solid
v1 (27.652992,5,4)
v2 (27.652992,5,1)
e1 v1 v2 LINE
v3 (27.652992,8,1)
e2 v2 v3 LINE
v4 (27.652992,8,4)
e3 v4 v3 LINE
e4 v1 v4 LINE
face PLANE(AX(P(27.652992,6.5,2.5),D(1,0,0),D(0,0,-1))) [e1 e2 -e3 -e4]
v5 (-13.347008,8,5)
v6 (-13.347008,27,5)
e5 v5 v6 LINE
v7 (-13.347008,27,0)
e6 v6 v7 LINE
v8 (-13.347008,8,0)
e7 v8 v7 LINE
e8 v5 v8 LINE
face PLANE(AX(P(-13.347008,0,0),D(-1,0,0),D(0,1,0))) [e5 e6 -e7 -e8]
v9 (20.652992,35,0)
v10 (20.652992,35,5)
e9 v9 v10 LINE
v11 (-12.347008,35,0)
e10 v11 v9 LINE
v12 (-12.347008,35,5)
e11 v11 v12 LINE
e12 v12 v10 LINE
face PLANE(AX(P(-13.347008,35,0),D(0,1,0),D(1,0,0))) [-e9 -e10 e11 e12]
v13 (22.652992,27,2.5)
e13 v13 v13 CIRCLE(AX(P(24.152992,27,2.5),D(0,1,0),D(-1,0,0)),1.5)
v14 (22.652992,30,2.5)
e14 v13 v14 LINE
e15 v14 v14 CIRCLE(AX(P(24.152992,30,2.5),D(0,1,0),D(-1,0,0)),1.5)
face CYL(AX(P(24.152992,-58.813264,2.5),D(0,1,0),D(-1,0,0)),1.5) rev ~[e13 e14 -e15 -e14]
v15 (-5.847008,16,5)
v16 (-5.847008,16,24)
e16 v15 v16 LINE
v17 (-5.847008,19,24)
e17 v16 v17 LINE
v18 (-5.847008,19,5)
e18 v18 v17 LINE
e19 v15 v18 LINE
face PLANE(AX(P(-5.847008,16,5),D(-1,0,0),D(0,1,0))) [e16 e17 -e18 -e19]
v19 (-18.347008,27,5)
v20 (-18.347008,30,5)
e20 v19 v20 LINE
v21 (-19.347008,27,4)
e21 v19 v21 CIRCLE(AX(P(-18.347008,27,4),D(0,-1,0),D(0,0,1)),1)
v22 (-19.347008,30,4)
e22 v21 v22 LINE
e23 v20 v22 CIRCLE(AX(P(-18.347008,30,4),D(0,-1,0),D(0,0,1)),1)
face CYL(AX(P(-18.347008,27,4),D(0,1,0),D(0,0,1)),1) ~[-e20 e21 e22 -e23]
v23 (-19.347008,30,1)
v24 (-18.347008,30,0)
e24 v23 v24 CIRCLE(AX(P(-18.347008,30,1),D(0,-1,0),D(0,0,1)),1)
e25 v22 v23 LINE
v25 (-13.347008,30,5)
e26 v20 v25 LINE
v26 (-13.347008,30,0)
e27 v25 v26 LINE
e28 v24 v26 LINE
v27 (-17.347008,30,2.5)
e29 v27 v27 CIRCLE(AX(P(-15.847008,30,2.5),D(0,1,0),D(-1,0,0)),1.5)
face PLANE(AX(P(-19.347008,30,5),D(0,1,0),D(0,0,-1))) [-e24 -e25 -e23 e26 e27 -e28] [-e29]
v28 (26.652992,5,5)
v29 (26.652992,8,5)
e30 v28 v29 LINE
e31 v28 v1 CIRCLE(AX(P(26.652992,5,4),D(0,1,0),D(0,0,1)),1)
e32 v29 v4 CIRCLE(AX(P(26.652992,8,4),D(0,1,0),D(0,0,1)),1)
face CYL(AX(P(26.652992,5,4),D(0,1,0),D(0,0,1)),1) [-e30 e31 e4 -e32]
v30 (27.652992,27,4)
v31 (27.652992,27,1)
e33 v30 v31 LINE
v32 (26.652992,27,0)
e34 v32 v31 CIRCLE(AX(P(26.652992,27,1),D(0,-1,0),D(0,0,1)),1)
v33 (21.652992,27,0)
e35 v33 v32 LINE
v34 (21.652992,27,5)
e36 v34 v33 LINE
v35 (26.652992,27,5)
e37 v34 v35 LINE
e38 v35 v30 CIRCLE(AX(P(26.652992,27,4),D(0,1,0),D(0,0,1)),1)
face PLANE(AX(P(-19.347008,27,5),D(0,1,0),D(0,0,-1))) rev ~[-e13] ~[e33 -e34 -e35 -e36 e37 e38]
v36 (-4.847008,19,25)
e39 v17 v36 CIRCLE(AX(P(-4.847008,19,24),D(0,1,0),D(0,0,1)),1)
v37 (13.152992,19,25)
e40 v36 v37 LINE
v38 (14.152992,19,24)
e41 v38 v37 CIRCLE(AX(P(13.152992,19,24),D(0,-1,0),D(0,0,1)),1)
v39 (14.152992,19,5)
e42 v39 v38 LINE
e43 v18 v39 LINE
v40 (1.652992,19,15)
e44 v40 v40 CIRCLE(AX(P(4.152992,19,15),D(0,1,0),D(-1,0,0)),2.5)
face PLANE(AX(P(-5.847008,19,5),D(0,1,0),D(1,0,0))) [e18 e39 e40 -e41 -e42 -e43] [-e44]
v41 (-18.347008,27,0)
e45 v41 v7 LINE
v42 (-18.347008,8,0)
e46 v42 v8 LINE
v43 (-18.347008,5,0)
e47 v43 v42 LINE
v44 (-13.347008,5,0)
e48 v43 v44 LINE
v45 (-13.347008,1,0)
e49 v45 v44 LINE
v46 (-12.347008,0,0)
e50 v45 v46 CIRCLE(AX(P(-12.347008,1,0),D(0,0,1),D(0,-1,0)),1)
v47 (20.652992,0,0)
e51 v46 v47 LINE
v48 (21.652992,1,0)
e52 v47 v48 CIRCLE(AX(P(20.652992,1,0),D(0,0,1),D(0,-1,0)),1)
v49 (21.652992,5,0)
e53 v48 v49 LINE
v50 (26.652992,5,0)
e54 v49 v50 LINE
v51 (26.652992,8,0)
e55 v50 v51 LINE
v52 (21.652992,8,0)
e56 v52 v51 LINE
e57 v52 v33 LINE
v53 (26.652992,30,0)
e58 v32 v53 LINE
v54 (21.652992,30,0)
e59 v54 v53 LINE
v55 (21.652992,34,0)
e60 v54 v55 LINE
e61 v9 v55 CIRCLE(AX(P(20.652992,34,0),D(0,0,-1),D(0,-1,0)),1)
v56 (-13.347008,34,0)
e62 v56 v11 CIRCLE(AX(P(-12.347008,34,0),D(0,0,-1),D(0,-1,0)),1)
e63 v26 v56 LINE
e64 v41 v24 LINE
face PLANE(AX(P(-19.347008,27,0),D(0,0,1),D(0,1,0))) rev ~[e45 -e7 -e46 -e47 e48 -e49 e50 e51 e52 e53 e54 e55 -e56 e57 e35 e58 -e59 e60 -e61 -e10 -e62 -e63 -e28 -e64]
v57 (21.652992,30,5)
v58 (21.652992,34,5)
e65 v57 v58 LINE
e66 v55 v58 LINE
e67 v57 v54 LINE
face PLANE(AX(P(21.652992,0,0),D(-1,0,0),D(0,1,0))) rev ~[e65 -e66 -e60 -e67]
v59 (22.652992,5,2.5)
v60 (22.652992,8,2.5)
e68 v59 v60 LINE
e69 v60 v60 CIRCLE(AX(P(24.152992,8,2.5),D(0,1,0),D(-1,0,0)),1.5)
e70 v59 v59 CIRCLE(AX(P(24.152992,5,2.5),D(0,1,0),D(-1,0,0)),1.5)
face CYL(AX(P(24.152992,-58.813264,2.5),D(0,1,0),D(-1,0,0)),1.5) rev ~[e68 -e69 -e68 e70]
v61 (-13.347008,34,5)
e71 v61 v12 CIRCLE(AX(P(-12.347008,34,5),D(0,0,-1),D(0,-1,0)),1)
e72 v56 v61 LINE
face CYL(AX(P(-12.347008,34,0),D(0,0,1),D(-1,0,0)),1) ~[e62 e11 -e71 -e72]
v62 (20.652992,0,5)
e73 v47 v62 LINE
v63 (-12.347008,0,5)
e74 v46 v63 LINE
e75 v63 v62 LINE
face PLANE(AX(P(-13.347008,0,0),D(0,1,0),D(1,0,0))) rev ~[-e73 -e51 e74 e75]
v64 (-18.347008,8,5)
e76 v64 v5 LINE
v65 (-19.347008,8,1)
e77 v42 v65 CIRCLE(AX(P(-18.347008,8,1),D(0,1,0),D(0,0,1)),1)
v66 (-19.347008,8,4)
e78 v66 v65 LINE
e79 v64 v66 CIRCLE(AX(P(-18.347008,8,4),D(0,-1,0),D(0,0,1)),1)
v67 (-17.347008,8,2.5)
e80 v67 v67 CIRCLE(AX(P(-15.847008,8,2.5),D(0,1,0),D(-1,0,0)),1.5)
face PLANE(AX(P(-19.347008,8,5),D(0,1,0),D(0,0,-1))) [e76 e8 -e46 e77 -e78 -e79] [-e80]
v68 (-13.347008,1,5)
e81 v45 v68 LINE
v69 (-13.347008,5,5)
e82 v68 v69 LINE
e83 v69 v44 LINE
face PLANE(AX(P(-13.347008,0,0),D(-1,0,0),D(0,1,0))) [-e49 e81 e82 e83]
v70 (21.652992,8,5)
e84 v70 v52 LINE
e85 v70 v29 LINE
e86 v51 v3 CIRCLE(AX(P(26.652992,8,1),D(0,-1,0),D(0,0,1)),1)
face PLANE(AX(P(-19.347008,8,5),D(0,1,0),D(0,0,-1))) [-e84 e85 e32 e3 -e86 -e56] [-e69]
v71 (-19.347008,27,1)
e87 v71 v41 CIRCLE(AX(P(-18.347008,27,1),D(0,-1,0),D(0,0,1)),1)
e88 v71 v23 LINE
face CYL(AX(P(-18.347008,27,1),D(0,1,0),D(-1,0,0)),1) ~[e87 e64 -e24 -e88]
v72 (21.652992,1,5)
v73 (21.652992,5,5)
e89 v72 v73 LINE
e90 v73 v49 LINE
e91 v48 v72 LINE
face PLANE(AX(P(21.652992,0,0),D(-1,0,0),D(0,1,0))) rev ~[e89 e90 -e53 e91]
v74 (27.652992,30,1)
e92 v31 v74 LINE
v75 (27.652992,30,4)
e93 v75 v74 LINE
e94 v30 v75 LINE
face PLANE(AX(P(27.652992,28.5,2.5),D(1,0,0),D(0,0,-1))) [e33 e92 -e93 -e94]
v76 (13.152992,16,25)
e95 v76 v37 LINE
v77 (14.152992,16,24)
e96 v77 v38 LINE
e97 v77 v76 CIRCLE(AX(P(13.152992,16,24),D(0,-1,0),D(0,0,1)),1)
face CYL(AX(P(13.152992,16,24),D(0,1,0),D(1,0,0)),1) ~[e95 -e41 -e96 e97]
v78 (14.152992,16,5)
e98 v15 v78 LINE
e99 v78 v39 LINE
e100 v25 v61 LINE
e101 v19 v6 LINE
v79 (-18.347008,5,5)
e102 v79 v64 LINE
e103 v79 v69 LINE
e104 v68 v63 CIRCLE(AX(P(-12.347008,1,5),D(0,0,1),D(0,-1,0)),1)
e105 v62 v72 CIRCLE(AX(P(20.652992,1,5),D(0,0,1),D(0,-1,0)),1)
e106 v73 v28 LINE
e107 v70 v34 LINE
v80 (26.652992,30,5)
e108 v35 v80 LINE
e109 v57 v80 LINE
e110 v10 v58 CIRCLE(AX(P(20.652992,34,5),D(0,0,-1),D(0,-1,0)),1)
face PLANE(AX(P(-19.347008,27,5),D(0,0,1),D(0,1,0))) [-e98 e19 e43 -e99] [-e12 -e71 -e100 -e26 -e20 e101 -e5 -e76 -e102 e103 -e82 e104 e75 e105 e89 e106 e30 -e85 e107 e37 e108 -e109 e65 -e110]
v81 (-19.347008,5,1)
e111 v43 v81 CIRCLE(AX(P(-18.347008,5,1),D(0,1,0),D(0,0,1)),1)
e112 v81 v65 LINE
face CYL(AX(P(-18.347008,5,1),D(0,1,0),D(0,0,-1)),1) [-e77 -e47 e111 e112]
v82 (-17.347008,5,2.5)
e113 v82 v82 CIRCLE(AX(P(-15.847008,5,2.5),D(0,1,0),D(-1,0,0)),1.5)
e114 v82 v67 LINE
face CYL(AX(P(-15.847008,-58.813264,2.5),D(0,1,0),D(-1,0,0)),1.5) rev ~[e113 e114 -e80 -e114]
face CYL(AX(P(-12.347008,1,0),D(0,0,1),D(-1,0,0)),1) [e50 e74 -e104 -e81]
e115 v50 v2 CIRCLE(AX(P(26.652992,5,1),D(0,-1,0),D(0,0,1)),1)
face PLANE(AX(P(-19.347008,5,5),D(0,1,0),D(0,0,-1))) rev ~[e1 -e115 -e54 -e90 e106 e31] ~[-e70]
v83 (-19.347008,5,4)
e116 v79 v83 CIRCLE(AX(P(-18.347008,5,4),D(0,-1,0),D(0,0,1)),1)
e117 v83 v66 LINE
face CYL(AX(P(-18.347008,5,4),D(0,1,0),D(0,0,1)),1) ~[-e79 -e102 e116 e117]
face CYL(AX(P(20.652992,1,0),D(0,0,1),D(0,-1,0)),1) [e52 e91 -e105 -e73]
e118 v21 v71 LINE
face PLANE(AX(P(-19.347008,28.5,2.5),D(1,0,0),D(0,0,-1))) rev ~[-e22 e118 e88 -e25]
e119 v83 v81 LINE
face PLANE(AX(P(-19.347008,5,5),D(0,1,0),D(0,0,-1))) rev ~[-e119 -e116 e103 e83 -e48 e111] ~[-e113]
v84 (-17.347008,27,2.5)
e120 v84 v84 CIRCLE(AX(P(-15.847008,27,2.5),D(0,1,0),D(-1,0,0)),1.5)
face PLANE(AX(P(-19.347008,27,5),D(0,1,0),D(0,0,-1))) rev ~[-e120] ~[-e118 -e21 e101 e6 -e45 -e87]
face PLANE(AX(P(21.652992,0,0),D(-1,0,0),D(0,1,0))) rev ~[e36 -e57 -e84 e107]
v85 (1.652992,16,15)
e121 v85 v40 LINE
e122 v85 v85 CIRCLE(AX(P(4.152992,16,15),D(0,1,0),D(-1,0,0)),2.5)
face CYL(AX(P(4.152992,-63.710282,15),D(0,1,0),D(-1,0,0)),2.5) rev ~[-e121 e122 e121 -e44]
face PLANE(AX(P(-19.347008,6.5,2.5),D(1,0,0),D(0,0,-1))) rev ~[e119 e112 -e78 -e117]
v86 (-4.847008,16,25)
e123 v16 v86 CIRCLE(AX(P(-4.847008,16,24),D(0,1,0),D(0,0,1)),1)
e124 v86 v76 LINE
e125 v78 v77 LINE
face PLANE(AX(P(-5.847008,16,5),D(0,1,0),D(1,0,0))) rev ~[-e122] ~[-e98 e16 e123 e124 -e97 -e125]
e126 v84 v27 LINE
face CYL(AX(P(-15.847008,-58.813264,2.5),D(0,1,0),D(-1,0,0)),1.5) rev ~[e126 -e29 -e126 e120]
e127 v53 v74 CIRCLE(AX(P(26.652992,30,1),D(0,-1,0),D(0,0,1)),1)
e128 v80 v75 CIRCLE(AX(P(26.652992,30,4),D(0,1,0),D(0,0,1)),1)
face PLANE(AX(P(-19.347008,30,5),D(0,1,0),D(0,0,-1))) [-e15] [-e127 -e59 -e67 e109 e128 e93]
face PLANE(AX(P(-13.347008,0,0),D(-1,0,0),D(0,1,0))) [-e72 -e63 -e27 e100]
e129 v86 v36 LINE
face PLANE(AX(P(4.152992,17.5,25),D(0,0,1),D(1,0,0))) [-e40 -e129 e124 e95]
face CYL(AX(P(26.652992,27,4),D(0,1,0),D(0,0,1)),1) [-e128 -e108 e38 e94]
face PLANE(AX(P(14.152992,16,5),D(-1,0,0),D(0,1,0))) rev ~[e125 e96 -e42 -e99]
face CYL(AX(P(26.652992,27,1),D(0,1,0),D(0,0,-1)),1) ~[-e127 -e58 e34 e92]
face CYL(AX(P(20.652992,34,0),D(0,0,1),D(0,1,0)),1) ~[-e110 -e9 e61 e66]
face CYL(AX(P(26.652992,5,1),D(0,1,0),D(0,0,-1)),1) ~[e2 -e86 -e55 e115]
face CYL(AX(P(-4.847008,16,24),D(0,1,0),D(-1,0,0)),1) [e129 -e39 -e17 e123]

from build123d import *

# Parameters (mm, degrees)
SKETCH1_W                = 35
SKETCH1_H                = 35
BOSS_EXTRUDE2_DEPTH      = 5
BOSS_EXTRUDE3_DEPTH      = 6
BOSS_EXTRUDE3_DEPTH_BACK = 41
SKETCH2_W                = 5
SKETCH2_H                = 3
FILLET1_R                = 1
F_3_0MM_DOWEL_HOLE1_D    = 3
SKETCH6_W                = 20
SKETCH6_H                = 3
BOSS_EXTRUDE4_DEPTH      = 20
F_5_0MM_DOWEL_HOLE1_D    = 5
FILLET2_R                = 1
FILLET3_R                = 1


with BuildPart() as part:
    # Sketch1 → Boss-Extrude2 (new body)
    with BuildSketch(Plane.XY):
        with Locations((4.15299246, 17.5)):
            Rectangle(SKETCH1_W, SKETCH1_H)
    extrude(amount=BOSS_EXTRUDE2_DEPTH)

    # Sketch2 → Boss-Extrude3 (add, two sides: drawn at the far end of the back side and taken through both)
    with BuildSketch(Plane(origin=(21.65299246, 0, 0), x_dir=(0, 0, -1), z_dir=(1, 0, 0)).offset(-BOSS_EXTRUDE3_DEPTH_BACK)):
        with Locations((-2.5, 28.5)):
            Rectangle(SKETCH2_W, SKETCH2_H)
        with Locations((-2.5, 6.5)):
            Rectangle(SKETCH2_W, SKETCH2_H)
    extrude(amount=BOSS_EXTRUDE3_DEPTH + BOSS_EXTRUDE3_DEPTH_BACK)

    # Fillet1
    fillet1_edges = [part.edges().sort_by_distance(p)[0] for p in [
        (-19.34700754, 28.5, 5),
        (-19.34700754, 28.5, 0),
        (27.65299246, 28.5, 5),
        (27.65299246, 28.5, 0),
        (-19.34700754, 6.5, 5),
        (-19.34700754, 6.5, 0),
        (27.65299246, 6.5, 5),
        (27.65299246, 6.5, 0),
    ]]
    fillet(fillet1_edges, radius=FILLET1_R)

    # Ø3.0mm Dowel Hole1 (through all)
    with Locations(Plane.XZ):
        with Locations((24.15299246, 2.5), (-15.84700754, 2.5)):
            Hole(F_3_0MM_DOWEL_HOLE1_D / 2)

    # Sketch6 → Boss-Extrude4 (add)
    with BuildSketch(Plane.XY.offset(5)):
        with Locations((4.15299246, 17.5)):
            Rectangle(SKETCH6_W, SKETCH6_H)
    extrude(amount=BOSS_EXTRUDE4_DEPTH)

    # Ø5.0mm Dowel Hole1 (through all)
    with Locations(Plane.XZ):
        with Locations((4.15299246, 15)):
            Hole(F_5_0MM_DOWEL_HOLE1_D / 2)

    # Fillet2
    fillet2_edges = [part.edges().sort_by_distance(p)[0] for p in [
        (-5.84700754, 17.5, 25),
        (14.15299246, 17.5, 25),
    ]]
    fillet(fillet2_edges, radius=FILLET2_R)

    # Fillet3
    fillet3_edges = [part.edges().sort_by_distance(p)[0] for p in [
        (21.65299246, 0, 2.5),
        (-13.34700754, 0, 2.5),
        (-13.34700754, 35, 2.5),
        (21.65299246, 35, 2.5),
    ]]
    fillet(fillet3_edges, radius=FILLET3_R)


solid = part.part
